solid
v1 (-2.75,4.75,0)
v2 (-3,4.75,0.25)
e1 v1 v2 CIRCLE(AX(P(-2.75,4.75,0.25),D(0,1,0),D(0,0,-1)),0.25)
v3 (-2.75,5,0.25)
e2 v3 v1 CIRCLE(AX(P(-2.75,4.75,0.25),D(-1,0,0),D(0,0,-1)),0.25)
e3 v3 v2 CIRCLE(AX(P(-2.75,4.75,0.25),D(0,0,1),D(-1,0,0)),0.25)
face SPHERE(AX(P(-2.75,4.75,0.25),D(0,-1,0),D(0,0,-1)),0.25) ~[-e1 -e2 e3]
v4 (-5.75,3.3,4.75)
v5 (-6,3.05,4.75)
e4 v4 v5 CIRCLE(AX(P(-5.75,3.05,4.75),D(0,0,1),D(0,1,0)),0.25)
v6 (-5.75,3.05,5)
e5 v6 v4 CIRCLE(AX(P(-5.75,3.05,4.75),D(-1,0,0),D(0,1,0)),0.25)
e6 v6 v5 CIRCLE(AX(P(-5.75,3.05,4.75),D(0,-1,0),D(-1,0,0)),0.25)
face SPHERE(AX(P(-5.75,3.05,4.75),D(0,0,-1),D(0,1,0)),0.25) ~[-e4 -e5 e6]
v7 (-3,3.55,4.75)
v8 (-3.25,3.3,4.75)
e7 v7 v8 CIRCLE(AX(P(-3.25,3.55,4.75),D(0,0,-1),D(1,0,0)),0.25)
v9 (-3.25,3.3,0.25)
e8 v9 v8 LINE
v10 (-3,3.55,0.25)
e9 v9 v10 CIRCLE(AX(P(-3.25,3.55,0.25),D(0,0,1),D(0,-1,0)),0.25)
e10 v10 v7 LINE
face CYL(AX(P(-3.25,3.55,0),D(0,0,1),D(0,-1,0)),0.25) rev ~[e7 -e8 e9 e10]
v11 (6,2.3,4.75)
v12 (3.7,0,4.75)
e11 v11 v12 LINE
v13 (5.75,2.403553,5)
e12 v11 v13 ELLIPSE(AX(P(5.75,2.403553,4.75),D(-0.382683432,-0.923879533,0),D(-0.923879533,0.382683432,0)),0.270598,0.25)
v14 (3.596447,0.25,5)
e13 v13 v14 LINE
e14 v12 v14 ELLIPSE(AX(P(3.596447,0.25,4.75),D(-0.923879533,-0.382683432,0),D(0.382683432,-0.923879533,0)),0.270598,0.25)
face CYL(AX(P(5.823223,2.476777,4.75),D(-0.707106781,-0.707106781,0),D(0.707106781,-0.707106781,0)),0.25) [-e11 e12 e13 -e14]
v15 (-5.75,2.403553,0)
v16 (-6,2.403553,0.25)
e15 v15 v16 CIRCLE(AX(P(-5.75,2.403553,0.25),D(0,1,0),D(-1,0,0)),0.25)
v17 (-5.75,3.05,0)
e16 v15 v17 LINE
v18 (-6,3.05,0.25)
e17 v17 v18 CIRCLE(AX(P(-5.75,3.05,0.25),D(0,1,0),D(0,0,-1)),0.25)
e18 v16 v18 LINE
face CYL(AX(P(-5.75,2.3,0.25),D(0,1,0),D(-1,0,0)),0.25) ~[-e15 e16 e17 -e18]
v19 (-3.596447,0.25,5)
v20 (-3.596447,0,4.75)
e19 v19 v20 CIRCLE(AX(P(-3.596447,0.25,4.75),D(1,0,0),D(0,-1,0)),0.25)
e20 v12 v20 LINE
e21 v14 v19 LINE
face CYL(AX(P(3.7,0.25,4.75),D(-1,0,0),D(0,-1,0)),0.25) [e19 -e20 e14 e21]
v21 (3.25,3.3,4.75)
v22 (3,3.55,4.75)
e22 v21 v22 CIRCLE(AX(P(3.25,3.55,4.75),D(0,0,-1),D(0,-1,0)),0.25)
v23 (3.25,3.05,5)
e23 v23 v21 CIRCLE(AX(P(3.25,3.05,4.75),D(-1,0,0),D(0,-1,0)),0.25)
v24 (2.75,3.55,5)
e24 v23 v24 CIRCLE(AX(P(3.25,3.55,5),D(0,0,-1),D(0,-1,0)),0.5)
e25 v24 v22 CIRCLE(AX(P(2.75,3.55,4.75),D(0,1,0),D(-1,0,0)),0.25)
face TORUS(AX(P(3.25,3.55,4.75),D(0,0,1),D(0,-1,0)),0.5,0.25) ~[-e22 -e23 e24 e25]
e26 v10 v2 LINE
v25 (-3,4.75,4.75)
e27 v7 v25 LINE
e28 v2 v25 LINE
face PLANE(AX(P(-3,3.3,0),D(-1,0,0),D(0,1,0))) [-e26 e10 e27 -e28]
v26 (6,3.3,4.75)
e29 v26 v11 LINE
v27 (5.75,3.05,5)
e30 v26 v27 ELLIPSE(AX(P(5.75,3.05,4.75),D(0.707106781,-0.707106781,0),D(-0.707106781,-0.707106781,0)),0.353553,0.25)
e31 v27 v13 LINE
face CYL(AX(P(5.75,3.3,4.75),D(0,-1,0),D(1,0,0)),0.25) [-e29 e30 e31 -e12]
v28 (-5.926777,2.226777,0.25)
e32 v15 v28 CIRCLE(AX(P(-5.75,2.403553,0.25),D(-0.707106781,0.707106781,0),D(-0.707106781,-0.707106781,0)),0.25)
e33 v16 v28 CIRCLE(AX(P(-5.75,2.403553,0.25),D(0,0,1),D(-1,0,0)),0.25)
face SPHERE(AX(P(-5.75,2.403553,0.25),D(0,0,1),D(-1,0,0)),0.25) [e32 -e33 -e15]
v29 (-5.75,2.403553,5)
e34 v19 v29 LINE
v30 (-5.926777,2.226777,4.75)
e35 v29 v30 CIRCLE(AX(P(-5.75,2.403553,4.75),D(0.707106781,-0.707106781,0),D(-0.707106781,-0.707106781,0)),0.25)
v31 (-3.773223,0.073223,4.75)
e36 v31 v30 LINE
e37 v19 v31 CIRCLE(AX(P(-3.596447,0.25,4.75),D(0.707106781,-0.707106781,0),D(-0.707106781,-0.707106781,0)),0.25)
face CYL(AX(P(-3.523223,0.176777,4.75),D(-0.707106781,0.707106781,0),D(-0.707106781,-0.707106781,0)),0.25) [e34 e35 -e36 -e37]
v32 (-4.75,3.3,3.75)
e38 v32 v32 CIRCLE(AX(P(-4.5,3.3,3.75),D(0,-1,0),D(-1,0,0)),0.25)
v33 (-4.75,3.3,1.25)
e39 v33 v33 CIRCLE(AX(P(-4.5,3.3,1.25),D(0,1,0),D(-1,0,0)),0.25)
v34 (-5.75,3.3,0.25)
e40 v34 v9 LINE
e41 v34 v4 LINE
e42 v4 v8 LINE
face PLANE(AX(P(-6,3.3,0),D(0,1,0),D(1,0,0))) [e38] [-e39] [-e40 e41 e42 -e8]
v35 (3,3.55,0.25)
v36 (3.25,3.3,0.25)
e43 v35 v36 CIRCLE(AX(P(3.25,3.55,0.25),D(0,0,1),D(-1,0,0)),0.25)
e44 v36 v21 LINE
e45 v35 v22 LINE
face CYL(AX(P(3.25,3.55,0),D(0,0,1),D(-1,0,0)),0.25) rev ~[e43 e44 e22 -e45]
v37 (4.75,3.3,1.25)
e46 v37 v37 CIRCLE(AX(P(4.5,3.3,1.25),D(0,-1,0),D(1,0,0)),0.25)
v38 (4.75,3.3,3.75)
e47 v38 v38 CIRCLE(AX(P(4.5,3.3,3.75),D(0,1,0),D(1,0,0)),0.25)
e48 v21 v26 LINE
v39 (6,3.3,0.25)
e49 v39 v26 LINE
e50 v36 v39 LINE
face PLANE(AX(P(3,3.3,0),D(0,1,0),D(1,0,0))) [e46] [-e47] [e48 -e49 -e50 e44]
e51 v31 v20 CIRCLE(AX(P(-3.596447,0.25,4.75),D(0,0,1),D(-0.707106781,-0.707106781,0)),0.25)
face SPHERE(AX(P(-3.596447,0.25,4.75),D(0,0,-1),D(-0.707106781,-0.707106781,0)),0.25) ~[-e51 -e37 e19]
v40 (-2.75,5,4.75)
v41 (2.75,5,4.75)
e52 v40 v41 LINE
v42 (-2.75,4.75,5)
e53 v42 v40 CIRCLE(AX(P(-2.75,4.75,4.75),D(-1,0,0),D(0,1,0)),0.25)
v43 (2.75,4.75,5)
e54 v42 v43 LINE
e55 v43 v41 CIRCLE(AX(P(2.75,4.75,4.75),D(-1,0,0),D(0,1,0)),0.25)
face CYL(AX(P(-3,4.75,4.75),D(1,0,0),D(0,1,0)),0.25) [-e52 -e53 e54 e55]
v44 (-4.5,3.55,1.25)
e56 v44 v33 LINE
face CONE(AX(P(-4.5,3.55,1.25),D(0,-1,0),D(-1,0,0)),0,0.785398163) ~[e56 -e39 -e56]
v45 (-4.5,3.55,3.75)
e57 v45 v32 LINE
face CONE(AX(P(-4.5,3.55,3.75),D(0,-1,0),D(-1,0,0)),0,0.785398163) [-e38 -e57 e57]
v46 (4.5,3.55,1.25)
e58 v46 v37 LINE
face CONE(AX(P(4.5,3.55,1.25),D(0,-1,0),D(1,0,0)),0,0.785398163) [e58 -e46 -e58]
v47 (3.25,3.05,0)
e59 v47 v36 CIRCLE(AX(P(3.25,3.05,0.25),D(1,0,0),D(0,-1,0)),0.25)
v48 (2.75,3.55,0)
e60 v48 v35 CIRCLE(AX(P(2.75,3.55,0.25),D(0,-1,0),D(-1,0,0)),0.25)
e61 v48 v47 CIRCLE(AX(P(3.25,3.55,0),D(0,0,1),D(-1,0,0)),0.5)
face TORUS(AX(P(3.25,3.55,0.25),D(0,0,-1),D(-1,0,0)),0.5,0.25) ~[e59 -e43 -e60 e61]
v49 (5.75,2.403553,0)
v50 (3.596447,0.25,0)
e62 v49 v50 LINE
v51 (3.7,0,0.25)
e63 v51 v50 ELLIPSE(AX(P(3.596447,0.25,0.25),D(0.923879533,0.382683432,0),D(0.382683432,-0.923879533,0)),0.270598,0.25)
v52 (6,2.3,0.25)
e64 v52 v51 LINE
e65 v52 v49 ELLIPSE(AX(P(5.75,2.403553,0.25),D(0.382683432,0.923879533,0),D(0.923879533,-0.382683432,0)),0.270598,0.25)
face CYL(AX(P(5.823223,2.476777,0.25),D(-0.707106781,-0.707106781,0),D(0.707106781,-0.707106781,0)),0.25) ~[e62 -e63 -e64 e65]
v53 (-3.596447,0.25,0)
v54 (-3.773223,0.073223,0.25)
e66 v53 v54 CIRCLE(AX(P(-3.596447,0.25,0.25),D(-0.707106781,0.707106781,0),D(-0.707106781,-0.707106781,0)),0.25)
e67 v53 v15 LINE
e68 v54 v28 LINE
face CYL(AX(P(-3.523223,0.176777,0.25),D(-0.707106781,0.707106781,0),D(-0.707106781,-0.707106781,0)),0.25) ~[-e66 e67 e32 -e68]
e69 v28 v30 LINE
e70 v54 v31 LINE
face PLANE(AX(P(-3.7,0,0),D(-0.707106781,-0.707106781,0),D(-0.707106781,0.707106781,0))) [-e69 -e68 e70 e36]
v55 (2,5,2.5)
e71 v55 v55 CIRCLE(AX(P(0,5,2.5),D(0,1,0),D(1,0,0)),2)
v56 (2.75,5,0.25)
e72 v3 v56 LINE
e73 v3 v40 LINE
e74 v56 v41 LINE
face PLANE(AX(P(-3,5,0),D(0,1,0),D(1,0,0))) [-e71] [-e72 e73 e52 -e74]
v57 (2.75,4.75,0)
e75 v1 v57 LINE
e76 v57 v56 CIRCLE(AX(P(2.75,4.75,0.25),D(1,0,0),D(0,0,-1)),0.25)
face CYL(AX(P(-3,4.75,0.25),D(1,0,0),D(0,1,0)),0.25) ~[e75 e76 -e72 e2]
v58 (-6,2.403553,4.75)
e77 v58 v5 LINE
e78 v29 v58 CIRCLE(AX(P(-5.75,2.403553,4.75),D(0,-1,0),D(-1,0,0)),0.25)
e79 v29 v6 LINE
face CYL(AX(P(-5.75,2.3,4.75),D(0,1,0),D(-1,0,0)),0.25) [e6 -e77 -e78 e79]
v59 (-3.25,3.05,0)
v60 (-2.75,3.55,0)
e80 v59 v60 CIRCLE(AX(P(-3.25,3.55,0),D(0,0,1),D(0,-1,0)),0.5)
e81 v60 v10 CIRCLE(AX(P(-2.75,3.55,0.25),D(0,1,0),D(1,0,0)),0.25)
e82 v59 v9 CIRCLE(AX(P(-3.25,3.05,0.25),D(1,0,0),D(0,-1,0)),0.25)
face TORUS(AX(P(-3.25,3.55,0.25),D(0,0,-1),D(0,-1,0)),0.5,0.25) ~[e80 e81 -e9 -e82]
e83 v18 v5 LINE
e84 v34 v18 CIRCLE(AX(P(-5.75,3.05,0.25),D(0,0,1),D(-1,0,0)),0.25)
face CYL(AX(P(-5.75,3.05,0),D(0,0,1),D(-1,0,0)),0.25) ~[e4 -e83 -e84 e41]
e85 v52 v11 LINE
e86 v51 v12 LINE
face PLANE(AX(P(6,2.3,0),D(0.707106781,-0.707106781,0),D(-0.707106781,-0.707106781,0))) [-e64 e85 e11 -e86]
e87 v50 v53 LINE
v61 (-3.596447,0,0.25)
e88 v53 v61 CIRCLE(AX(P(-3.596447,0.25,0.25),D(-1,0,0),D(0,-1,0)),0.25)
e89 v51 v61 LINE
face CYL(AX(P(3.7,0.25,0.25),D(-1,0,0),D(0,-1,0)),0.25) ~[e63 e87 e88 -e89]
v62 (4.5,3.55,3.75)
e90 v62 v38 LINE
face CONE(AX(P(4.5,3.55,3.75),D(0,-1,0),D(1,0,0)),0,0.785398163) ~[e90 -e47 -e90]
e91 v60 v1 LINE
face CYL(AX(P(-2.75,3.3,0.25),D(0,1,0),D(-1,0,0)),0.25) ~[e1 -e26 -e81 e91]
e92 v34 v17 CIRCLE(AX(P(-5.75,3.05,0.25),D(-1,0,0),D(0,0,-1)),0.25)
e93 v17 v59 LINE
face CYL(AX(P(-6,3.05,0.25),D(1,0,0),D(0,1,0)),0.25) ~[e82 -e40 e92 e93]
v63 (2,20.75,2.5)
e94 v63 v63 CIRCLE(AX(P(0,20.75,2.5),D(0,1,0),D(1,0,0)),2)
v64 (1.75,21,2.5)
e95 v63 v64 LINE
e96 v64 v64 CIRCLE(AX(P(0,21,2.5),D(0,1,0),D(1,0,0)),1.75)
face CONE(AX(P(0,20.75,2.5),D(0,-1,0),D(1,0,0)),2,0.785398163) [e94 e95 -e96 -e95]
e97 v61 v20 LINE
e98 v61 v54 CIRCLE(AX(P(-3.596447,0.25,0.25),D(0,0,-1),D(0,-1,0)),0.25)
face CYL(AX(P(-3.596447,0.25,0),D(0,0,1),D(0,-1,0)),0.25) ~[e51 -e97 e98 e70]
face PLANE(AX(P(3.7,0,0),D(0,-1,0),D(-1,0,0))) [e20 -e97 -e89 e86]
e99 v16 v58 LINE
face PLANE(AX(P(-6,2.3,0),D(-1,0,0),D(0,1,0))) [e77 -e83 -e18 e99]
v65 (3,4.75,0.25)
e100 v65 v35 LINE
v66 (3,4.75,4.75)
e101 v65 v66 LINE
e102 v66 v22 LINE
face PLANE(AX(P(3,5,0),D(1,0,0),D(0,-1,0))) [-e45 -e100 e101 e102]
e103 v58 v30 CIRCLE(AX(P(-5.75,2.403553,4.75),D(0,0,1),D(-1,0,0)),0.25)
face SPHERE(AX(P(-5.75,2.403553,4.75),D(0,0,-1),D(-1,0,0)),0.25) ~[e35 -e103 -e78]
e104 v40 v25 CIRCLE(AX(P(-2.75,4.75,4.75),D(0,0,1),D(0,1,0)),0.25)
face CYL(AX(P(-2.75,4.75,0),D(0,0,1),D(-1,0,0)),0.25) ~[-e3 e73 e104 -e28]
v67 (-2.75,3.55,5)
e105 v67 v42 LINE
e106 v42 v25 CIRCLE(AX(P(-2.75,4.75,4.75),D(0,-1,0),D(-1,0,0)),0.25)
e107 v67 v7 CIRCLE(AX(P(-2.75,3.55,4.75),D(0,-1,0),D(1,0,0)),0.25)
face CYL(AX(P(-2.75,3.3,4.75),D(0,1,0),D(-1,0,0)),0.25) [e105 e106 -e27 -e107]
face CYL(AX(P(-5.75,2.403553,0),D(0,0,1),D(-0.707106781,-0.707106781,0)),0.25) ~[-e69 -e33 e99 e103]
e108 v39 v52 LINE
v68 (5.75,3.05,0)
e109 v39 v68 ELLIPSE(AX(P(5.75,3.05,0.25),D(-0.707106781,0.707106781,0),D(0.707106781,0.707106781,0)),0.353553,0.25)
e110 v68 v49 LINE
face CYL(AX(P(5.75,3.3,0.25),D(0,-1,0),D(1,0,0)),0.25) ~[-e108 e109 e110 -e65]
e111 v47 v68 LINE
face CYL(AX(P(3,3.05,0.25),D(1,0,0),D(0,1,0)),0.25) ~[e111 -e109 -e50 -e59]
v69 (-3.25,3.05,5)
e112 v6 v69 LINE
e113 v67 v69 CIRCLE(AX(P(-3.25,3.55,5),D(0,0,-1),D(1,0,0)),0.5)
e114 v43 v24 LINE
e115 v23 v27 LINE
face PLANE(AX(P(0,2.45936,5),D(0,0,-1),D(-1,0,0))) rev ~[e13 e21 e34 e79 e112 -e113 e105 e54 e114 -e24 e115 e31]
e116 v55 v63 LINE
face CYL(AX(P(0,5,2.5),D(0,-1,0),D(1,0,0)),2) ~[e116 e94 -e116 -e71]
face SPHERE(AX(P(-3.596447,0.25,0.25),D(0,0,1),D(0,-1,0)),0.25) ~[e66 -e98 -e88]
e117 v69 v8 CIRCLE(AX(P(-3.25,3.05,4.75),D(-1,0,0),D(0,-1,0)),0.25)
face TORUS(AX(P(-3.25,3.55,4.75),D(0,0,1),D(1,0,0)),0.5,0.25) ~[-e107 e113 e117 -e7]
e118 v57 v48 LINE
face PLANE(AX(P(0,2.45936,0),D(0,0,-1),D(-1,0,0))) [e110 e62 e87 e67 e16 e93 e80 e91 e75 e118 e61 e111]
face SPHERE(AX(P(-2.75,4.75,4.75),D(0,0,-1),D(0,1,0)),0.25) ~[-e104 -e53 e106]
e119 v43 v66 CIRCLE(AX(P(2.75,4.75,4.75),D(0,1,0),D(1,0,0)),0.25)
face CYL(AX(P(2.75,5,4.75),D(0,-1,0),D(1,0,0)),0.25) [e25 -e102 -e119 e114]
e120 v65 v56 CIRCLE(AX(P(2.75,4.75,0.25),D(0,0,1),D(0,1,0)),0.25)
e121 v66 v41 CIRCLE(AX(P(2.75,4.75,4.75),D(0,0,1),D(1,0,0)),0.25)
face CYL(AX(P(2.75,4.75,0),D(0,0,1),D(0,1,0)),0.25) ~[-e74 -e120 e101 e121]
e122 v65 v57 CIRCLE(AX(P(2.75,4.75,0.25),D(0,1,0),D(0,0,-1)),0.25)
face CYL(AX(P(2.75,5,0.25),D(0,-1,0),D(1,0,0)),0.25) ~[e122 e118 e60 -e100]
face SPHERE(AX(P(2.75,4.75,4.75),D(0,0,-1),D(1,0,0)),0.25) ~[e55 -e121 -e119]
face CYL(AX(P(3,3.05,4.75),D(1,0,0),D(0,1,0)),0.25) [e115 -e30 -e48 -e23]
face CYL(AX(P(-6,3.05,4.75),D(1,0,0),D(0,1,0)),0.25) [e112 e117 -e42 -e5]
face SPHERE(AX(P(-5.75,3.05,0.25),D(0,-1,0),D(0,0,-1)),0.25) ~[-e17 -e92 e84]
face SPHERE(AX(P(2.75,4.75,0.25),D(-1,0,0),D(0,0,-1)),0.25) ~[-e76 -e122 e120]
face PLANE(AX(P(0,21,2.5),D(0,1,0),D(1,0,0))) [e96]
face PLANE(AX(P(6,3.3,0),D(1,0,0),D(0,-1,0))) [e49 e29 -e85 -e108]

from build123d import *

# Parameters (mm, degrees)
ESTRUSIONE_ESTRUSIONE1_DEPTH = 5
RACCORDO1_R                  = 0.25
SCHIZZO7_R                   = 2
ESTRUSIONE_ESTRUSIONE3_DEPTH = 16
SMUSSO1_SIZE                 = 0.25


with BuildPart() as part:
    # Schizzo1 → Estrusione-Estrusione1 (new body)
    with BuildSketch(Plane.XY):
        Polygon((3.7, 0), (-3.7, 0), (-6, 2.3), (-6, 3.3), (-3, 3.3), (-3, 5), (3, 5), (3, 3.3), (6, 3.3), (6, 2.3), align=None)
    extrude(amount=ESTRUSIONE_ESTRUSIONE1_DEPTH)

    # Raccordo1
    raccordo1_edges = [part.edges().sort_by_distance(p)[0] for p in [
        (-6, 2.8, 0),
        (-4.5, 3.3, 0),
        (-3, 4.15, 0),
        (0, 5, 0),
        (3, 4.15, 0),
        (4.5, 3.3, 0),
        (6, 2.8, 0),
        (4.85, 1.15, 5),
        (4.85, 1.15, 0),
        (0, 0, 0),
        (-4.85, 1.15, 0),
        (6, 2.8, 5),
        (-6, 2.3, 2.5),
        (-6, 3.3, 2.5),
        (-3, 3.3, 2.5),
        (-3, 5, 2.5),
        (3, 5, 2.5),
        (3, 3.3, 2.5),
        (-3.7, 0, 2.5),
        (4.5, 3.3, 5),
        (3, 4.15, 5),
        (0, 5, 5),
        (-3, 4.15, 5),
        (-4.5, 3.3, 5),
        (-6, 2.8, 5),
        (-4.85, 1.15, 5),
        (0, 0, 5),
    ]]
    fillet(raccordo1_edges, radius=RACCORDO1_R)

    # Schizzo7 → Estrusione-Estrusione3 (add)
    with BuildSketch(Plane(origin=(0, 5, 0), x_dir=(1, 0, 0), z_dir=(0, 1, 0))):
        with Locations((0, -2.5)):
            Circle(SCHIZZO7_R)
    extrude(amount=ESTRUSIONE_ESTRUSIONE3_DEPTH)

    # Smusso1
    smusso1_edges = [part.edges().sort_by_distance(p)[0] for p in [
        (-2, 21, 2.5),
    ]]
    chamfer(smusso1_edges, length=SMUSSO1_SIZE)

    # Schizzo8 → Rivoluzione2 (revolve)
    with BuildSketch(Plane.XY.offset(1.25)):
        Polygon((-4.5, 3.3), (-4.5, 3.55), (-4.75, 3.3), align=None)
    rivoluzione2 = revolve(axis=Axis((-4.5, 3.3, 1.25), (0, 1, 0)))

    # Specchia3: Rivoluzione2 across plane
    add(rivoluzione2.mirror(Plane(origin=(0, 0, 0), x_dir=(0, 0, 1), z_dir=(1, 0, 0))))

    # Specchia4: Rivoluzione2 across plane
    add(rivoluzione2.mirror(Plane.XY.offset(2.5)))

    # Specchia4 copy 1 sketch → Specchia4 copy 1 (revolve)
    with BuildSketch(Plane(origin=(0, 0, 3.75), x_dir=(-1, 0, 0), z_dir=(0, 0, -1))):
        Polygon((-4.5, 3.3), (-4.5, 3.55), (-4.75, 3.3), align=None)
    revolve(axis=Axis((4.5, 3.3, 3.75), (0, 1, 0)))


solid = part.part
